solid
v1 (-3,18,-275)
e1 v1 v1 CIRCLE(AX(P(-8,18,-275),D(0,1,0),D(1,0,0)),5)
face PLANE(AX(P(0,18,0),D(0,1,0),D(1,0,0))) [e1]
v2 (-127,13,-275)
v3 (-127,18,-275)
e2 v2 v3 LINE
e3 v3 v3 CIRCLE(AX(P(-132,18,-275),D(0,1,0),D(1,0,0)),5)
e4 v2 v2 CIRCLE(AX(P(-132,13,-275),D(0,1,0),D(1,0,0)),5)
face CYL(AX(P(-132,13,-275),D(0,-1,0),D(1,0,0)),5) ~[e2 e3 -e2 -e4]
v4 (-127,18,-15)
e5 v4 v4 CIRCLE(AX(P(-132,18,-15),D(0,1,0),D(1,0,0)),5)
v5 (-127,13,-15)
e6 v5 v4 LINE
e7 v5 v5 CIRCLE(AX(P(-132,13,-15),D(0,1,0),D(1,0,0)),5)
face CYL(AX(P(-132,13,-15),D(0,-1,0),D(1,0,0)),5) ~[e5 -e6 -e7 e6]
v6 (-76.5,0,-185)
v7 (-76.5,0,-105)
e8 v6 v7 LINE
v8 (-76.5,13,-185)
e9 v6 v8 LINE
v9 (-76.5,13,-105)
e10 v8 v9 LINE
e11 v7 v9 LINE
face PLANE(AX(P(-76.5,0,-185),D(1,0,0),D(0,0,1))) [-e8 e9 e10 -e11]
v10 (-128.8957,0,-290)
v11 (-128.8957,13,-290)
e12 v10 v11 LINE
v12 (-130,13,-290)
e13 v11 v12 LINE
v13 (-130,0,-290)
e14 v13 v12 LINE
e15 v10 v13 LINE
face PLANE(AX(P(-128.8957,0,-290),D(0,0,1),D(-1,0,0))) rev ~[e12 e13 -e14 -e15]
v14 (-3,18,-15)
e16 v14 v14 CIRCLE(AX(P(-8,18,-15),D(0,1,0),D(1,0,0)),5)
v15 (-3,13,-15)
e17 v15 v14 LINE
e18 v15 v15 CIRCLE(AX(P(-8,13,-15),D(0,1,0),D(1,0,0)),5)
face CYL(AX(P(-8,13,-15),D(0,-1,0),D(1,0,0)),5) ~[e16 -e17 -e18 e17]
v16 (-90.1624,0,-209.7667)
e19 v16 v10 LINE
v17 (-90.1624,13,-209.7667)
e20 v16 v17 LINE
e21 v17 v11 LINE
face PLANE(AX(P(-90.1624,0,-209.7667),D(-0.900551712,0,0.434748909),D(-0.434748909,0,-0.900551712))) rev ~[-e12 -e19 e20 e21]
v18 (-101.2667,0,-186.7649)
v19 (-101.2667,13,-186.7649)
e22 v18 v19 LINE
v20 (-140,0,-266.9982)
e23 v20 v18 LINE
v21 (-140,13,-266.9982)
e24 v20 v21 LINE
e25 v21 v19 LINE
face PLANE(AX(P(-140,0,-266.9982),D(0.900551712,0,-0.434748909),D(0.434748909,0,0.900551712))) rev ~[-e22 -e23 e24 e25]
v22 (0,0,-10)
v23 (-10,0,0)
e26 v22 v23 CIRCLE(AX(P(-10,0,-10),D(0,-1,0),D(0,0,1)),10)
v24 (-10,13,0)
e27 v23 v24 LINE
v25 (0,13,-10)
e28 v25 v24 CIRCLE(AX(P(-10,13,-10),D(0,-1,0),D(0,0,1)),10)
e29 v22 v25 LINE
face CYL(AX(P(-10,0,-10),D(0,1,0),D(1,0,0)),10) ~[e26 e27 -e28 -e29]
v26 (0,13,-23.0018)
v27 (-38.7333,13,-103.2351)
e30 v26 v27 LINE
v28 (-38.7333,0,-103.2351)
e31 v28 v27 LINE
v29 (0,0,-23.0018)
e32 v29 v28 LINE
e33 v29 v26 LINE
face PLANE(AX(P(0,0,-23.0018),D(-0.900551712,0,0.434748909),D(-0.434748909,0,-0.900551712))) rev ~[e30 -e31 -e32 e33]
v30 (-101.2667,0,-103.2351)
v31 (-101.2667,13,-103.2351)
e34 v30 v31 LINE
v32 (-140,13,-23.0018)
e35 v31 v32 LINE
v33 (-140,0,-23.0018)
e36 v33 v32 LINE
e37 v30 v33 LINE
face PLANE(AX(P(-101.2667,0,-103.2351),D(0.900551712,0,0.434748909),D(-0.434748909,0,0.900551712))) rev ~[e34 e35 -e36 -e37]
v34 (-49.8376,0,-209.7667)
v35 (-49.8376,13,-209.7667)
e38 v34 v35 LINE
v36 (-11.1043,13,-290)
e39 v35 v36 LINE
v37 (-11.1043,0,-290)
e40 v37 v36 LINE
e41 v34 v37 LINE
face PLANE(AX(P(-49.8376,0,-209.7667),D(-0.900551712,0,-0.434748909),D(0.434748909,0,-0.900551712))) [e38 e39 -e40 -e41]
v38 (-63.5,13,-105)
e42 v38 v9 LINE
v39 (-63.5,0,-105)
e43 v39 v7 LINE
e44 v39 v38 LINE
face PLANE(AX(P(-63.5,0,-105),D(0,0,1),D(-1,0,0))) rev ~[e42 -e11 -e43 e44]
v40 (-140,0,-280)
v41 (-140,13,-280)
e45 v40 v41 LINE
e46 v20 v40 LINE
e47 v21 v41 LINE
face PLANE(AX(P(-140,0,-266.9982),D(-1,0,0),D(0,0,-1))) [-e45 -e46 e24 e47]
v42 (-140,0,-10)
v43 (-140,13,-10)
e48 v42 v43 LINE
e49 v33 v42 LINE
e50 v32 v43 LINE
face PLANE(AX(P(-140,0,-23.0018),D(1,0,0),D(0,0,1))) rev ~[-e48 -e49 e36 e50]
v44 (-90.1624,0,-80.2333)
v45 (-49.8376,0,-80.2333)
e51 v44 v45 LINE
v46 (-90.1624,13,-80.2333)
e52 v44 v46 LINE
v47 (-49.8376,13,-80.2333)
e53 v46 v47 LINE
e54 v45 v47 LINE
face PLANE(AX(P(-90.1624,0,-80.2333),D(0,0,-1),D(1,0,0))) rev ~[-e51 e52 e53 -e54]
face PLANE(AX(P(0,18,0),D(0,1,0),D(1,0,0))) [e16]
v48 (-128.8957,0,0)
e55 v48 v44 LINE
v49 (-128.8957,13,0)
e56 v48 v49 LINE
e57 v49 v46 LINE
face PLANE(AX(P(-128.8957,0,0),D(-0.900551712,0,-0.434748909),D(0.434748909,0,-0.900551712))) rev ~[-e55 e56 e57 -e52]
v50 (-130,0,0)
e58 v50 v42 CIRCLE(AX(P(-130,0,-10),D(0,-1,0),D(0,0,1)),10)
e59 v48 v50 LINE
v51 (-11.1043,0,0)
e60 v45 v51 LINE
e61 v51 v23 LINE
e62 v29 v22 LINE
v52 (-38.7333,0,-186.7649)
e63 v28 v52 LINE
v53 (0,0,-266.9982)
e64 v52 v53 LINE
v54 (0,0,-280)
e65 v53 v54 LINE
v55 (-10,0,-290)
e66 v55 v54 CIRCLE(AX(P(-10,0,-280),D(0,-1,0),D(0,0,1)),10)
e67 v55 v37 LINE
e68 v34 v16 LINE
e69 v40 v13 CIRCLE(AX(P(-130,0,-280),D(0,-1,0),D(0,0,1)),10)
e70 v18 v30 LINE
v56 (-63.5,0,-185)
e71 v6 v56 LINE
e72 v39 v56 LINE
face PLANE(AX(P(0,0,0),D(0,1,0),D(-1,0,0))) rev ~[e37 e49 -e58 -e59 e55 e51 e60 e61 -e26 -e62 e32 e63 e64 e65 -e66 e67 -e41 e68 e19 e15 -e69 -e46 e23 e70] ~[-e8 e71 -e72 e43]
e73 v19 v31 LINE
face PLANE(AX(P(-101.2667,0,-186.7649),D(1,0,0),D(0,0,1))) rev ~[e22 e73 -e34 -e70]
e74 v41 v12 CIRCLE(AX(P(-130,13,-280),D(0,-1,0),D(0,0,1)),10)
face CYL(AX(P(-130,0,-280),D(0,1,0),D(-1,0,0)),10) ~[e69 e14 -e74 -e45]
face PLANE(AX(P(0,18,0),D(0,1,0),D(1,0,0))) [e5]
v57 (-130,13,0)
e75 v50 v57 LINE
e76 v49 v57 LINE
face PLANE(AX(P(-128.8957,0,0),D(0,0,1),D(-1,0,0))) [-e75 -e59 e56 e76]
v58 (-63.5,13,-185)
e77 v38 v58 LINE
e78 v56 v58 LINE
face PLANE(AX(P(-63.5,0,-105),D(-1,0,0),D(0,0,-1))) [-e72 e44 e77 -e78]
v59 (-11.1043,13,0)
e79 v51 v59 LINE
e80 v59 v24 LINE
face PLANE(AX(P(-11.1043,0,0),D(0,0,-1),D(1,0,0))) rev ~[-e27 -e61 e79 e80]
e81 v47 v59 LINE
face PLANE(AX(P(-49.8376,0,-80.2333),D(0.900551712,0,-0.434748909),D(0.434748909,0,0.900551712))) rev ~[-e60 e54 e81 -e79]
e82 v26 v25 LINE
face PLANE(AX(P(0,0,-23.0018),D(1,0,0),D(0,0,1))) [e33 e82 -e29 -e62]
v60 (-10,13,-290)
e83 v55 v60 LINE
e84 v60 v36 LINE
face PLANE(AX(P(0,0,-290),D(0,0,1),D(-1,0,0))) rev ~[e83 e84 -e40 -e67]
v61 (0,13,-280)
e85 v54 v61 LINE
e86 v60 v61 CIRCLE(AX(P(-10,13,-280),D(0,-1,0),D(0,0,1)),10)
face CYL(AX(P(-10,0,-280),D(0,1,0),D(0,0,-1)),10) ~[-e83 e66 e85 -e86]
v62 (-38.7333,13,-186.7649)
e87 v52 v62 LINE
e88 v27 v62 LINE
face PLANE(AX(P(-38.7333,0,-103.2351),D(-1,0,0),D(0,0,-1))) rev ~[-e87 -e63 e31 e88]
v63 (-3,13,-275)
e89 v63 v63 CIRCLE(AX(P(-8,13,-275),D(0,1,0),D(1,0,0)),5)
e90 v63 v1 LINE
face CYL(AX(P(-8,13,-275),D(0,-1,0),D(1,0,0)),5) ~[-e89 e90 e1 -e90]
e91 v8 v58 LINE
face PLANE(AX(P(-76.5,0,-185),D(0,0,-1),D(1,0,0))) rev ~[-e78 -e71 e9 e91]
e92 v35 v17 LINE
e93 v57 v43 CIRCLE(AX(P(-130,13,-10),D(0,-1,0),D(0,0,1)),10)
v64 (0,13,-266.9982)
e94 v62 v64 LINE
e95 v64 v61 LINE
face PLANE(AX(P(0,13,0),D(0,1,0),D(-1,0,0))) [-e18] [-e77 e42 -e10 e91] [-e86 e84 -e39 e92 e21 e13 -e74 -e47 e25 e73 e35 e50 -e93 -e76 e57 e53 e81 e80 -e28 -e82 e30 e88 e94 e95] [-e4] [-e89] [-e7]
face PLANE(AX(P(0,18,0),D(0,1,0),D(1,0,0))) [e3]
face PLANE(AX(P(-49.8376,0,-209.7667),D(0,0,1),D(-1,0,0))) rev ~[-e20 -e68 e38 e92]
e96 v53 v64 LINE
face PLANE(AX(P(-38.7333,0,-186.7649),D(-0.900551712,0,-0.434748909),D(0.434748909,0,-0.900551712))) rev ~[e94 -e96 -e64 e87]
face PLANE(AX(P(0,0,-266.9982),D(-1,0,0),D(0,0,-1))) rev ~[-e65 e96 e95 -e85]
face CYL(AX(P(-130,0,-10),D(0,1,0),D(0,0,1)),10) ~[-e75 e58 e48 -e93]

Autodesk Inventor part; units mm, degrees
ref_plane "YZ Plane" through (0, 0, 0) normal (1, 0, 0) x (0, 1, 0)
ref_plane "XZ Plane" through (0, 0, 0) normal (0, 1, 0) x (-1, 0, 0)
ref_plane "XY Plane" through (0, 0, 0) normal (0, 0, 1) x (1, 0, 0)
sketch "Sketch1" plane through (0, 0, 0) normal (0, 1, 0) x (-1, 0, 0)
  line L0 (0, 0) -> (140, 0) construction
  line L1 (140, 0) -> (140, -290) construction
  line L2 (140, -290) -> (0, -290) construction
  line L3 (0, -290) -> (0, 0) construction
  line L4 (0, 0) -> (140, -290) construction
  line L5 (11.1043, 0) -> (140, -266.9982) construction
  line L6 (0, -23.0018) -> (128.8957, -290) construction
  line L7 (-10, -2.2875) -> (-10, 0)
  line L8 (140, 0) -> (0, -290) construction
  line L9 (140, -23.0018) -> (11.1043, -290) construction
  line L10 (128.8957, 0) -> (0, -266.9982) construction
  line L11 (150, -2.2875) -> (150, 0)
  line L12 (0, -23.0018) -> (0, 0)
  line L13 (140, -23.0018) -> (140, 0)
  line L14 (140, -266.9982) -> (140, -290)
  line L15 (0, -266.9982) -> (0, -290)
  line L16 (76.5, -105) -> (63.5, -105) construction
  line L17 (63.5, -105) -> (63.5, -185) construction
  line L18 (63.5, -185) -> (76.5, -185) construction
  line L19 (76.5, -185) -> (76.5, -105) construction
  line L20 (101.2667, -80.2333) -> (38.7333, -80.2333) construction
  line L21 (38.7333, -80.2333) -> (38.7333, -209.7667) construction
  line L22 (38.7333, -209.7667) -> (101.2667, -209.7667) construction
  line L23 (101.2667, -209.7667) -> (101.2667, -80.2333) construction
  line L24 (0, -23.0018) -> (38.7333, -103.2351)
  line L25 (38.7333, -186.7649) -> (0, -266.9982)
  line L26 (0, -290) -> (11.1043, -290)
  line L27 (49.8376, -209.7667) -> (90.1624, -209.7667)
  line L28 (49.8376, -209.7667) -> (11.1043, -290)
  line L29 (38.7333, -103.2351) -> (38.7333, -186.7649)
  line L30 (90.1624, -209.7667) -> (128.8957, -290)
  line L31 (128.8957, -290) -> (140, -290)
  line L32 (140, -266.9982) -> (101.2667, -186.7649)
  line L33 (101.2667, -186.7649) -> (101.2667, -103.2351)
  line L34 (101.2667, -103.2351) -> (140, -23.0018)
  line L35 (128.8957, 0) -> (90.1624, -80.2333)
  line L36 (90.1624, -80.2333) -> (49.8376, -80.2333)
  line L37 (49.8376, -80.2333) -> (11.1043, 0)
  line L38 (11.1043, 0) -> (0, 0)
  line L39 (128.8957, 0) -> (140, 0)
  line L40 (63.5, -105) -> (76.5, -105)
  line L41 (76.5, -185) -> (63.5, -185)
  line L42 (63.5, -105) -> (63.5, -185)
  line L43 (76.5, -185) -> (76.5, -105)
  point P0 (70, -105)
  point P1 (70, 0)
  point P2 (140, -145)
  point P3 (76.5, -145)
  dimension "d0" = 140
  dimension "d1" = 290
  dimension "d2" = 10
  dimension "d3" = 10
  dimension "d4" = 10
  dimension "d5" = 10
  dimension "d6" = 13
  dimension "d7" = 80
extrude "Extrusion1" add sketch "Sketch1" along normal blind 13
fillet "Fillet1" radius 10 4 edges at (-140, 6.5, -290) (0, 6.5, -290) (0, 6.5, 0) (-140, 6.5, 0)
sketch "Sketch2" plane through (0, 13, 0) normal (0, 1, 0) x (1, 0, 0)
  circle A0 centre (-8, 275) radius 5
  line L0 (-10, 290) -> (-11.1043, 290) projected
  line L1 (0, 266.9982) -> (0, 280) construction
  line L2 (-70, 345.1807) -> (-70, -192.6697) construction
  line L3 (0, 10) -> (0, 23.0018) construction
  line L4 (-90.1624, 80.2333) -> (-49.8376, 80.2333) construction
  circle A1 centre (-132, 275) radius 5
  line L5 (-255.5862, 145) -> (85.936, 145)
  line L6 (-38.7333, 103.2351) -> (-38.7333, 186.7649) construction
  circle A2 centre (-8, 15) radius 5
  circle A3 centre (-132, 15) radius 5
  point P0 (0, 0)
  point P1 (-70, 80.2333)
  point P2 (-38.7333, 145)
  dimension "d11" = 10
  dimension "d12" = 15
  dimension "d13" = 8
  dimension "d14" = 537.8504
  dimension "d15" = 341.5222
extrude "Extrusion2" add sketch "Sketch2" along normal blind 5
properties part number "SoportePlaca" material "Rubber, Silicone"
